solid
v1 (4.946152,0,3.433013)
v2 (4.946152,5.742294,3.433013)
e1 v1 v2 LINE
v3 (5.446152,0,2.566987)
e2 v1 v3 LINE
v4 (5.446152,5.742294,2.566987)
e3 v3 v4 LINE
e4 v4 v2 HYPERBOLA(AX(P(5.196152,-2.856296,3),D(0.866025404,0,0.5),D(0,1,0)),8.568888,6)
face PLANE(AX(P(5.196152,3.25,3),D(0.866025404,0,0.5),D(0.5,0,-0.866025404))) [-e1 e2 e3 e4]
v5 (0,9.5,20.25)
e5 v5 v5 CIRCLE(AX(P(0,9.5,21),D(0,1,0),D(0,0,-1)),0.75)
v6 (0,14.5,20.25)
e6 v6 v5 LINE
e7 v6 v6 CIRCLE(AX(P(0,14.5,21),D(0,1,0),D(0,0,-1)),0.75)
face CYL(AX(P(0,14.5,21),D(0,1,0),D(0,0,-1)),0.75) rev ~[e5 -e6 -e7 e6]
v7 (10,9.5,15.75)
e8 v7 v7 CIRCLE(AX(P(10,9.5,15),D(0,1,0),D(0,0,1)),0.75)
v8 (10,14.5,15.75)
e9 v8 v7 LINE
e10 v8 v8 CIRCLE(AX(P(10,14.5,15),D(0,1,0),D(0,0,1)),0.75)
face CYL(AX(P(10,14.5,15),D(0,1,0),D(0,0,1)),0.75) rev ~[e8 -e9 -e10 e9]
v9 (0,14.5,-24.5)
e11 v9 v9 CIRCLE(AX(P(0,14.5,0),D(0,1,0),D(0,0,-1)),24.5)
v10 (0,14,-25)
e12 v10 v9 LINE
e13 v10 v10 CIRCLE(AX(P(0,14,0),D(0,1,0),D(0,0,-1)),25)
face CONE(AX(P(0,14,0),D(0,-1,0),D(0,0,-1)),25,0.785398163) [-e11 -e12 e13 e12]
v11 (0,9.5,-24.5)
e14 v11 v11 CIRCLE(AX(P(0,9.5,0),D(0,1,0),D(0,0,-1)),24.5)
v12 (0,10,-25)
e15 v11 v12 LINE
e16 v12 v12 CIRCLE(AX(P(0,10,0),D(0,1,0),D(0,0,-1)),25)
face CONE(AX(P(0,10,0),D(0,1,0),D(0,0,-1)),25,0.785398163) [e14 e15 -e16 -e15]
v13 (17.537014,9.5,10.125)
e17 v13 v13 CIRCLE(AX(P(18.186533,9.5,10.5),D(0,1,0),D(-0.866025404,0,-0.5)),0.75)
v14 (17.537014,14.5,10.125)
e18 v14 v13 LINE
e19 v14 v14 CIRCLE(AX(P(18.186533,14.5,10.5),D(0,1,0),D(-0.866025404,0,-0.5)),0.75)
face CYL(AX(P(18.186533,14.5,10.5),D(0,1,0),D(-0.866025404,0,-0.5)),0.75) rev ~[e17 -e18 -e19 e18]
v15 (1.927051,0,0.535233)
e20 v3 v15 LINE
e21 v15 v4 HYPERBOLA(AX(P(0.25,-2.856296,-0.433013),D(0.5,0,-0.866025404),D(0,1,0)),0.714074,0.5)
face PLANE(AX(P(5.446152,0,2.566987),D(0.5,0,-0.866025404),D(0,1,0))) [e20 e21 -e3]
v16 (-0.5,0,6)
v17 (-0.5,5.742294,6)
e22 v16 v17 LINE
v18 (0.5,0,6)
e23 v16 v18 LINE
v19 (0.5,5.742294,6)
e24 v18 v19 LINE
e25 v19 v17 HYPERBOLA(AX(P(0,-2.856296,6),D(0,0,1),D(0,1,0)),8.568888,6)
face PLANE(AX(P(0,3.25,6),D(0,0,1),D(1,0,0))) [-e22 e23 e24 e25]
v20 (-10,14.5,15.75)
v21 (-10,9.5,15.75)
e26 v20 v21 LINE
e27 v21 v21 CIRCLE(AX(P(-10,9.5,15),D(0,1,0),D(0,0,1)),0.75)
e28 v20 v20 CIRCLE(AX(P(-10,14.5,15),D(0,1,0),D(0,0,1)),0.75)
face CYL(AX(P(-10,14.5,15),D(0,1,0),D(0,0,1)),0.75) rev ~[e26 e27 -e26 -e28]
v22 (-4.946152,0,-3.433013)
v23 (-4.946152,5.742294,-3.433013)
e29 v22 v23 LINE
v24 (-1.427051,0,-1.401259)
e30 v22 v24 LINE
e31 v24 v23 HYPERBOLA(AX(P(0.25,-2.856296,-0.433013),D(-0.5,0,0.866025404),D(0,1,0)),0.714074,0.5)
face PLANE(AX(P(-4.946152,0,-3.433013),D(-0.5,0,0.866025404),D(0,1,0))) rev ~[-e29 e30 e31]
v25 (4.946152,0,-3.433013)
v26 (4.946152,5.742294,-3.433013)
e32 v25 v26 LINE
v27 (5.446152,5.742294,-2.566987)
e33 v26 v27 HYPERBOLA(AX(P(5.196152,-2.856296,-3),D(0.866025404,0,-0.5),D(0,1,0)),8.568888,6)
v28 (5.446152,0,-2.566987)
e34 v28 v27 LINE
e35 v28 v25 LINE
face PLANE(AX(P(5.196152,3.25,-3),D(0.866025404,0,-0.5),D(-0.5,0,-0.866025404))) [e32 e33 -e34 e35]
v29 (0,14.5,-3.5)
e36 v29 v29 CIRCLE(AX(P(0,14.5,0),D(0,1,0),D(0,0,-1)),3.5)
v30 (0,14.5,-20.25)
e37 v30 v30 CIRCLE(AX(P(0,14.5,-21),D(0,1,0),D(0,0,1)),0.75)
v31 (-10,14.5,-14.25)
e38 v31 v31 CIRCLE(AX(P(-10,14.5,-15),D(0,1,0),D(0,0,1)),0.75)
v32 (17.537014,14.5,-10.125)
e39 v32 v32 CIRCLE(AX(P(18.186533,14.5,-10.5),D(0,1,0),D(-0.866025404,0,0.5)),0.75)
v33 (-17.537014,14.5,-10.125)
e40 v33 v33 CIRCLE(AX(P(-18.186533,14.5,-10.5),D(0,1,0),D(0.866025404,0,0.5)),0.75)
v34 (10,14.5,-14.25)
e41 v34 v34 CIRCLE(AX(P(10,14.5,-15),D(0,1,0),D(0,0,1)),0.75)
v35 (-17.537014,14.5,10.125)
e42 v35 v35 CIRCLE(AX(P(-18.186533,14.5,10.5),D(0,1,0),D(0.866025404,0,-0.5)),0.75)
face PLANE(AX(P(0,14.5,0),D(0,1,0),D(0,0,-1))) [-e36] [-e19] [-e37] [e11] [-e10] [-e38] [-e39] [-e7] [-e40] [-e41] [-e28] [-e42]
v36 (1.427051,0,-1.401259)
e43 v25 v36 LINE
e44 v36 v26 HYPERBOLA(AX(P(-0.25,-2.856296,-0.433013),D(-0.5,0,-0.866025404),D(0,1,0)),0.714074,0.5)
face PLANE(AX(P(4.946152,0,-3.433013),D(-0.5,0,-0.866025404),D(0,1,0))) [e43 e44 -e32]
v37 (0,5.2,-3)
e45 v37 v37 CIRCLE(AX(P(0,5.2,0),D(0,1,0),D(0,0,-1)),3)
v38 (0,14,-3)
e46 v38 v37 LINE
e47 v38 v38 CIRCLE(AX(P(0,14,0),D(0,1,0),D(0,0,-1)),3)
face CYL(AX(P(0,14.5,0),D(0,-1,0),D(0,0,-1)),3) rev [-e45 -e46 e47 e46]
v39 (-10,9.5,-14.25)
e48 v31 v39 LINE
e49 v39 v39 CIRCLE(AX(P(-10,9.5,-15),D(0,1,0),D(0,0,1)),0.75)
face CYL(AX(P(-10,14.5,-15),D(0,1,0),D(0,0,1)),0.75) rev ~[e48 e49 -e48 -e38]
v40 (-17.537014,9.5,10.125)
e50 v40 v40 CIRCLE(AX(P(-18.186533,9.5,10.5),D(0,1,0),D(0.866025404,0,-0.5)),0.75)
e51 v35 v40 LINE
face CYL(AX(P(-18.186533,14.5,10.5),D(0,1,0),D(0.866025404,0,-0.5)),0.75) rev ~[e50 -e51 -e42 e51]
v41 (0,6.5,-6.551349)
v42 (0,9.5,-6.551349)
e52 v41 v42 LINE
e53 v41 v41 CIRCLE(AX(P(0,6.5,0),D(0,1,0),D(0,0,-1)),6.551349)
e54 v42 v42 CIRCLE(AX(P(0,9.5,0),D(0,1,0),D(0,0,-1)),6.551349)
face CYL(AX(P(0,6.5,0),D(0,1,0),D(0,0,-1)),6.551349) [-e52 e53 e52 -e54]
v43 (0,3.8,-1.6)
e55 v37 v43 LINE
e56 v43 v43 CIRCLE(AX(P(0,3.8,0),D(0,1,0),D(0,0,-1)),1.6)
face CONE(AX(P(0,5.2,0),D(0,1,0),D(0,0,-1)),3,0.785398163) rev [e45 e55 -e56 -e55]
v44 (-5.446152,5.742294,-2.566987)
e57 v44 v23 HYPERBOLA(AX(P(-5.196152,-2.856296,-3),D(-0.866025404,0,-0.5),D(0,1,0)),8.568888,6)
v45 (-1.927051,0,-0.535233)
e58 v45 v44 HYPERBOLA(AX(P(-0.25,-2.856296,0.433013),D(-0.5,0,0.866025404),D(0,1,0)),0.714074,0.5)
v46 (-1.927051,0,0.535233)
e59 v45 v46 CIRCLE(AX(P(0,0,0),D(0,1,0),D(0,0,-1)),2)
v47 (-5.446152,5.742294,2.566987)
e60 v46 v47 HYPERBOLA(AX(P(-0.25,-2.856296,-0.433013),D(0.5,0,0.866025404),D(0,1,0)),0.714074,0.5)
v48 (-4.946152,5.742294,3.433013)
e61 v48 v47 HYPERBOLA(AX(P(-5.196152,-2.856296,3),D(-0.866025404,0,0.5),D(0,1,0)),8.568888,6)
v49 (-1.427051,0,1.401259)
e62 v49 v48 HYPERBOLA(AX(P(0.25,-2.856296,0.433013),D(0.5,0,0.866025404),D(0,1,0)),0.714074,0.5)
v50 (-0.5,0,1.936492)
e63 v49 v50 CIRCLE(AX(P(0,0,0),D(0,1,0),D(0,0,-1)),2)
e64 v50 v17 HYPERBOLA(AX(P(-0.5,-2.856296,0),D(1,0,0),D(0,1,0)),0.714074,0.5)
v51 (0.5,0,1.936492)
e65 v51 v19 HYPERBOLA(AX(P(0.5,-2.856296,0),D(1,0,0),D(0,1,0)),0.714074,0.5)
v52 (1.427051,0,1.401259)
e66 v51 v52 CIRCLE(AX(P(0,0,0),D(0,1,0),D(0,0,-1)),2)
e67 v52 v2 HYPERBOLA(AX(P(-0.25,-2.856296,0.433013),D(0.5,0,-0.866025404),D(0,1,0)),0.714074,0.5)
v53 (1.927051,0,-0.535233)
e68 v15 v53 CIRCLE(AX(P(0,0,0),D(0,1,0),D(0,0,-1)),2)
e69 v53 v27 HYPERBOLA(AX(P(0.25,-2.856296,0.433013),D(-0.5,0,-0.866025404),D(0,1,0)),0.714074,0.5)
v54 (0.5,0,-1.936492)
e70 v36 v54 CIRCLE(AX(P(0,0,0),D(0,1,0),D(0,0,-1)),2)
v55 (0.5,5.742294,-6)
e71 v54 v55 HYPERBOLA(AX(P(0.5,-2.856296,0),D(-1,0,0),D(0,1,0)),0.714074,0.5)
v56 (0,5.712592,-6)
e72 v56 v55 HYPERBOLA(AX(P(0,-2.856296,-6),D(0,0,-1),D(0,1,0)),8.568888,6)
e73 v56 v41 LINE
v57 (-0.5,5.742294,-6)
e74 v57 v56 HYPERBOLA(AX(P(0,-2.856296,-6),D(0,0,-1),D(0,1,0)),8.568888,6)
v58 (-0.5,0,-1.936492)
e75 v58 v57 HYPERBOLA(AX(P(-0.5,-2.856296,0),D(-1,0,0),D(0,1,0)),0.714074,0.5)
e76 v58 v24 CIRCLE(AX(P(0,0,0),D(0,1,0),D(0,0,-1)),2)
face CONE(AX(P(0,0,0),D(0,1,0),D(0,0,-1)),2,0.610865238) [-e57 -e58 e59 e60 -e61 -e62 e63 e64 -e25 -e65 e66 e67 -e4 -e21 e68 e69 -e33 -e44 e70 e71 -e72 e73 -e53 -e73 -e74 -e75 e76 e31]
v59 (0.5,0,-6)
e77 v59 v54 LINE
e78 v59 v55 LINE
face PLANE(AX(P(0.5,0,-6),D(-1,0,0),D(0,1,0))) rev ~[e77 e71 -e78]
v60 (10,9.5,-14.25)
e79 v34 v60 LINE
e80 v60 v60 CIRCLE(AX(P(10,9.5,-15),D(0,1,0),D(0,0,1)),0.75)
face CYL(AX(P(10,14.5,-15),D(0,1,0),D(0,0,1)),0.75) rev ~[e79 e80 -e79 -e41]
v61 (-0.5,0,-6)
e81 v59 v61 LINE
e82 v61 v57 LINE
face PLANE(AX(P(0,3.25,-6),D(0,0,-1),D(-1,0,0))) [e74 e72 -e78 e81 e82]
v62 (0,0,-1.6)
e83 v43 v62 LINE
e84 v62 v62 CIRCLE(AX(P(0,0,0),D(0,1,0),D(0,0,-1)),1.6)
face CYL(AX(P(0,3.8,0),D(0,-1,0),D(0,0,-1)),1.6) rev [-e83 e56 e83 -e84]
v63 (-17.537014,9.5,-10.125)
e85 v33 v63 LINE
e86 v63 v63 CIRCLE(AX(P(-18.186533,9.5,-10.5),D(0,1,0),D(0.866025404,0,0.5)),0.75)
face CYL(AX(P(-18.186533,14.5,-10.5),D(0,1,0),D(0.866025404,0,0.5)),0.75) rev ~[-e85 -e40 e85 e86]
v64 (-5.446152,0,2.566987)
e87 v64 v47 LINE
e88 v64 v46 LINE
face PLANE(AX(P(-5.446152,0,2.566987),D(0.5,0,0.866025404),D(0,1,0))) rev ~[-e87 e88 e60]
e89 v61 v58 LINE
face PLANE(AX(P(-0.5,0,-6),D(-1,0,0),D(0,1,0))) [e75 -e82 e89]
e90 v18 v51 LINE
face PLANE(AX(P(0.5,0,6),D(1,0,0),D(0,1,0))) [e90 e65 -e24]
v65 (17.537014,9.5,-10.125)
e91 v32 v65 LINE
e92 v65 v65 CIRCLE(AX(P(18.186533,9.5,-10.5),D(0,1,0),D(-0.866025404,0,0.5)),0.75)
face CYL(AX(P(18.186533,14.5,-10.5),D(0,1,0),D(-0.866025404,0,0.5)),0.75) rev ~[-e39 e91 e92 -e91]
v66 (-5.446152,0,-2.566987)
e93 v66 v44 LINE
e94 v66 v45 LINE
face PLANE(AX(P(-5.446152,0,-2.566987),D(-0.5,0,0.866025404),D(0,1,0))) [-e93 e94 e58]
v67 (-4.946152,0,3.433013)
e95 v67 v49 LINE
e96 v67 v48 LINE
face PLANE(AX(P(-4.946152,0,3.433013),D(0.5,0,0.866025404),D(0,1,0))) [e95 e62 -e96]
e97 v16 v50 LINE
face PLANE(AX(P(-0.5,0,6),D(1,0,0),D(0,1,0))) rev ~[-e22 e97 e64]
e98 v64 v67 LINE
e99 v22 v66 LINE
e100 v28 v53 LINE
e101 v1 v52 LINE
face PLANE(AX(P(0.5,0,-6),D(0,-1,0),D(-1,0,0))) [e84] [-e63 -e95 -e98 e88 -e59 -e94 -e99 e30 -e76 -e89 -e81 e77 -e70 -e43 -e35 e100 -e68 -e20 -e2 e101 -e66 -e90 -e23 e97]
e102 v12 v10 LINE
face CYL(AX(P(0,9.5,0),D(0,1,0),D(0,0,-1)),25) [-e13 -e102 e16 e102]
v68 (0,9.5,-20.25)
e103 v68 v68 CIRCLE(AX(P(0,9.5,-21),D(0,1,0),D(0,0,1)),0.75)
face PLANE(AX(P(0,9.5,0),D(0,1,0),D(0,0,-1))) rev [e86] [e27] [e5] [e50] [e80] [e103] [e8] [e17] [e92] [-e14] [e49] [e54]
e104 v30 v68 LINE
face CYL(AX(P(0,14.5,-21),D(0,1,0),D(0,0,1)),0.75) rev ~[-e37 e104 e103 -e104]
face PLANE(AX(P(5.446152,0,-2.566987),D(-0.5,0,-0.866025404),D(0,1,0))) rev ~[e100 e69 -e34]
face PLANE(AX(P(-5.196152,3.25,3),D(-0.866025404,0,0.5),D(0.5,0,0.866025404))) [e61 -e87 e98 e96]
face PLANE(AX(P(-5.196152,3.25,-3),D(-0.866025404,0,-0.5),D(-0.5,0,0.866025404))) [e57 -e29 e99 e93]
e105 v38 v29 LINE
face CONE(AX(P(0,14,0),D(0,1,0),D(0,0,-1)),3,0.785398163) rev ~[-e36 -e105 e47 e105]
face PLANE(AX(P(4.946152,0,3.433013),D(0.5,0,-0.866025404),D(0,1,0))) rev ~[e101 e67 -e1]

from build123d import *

# Parameters (mm, degrees)
BOSS_EXTRUDE2_REACH = 44.382
SKETCH3_W           = 1
SKETCH3_H           = 6.5
CIRPATTERN1_COUNT   = 6
SKETCH5_R           = 0.75
CUT_EXTRUDE1_DEPTH  = 39.213217609
CIRPATTERN2_COUNT   = 6
SKETCH6_R           = 0.75
CUT_EXTRUDE2_DEPTH  = 39.213217609
CHAMFER1_SIZE       = 0.5


with BuildPart() as part:
    # Sketch1 → Revolve1 (revolve)
    with BuildSketch(Plane.XY, mode=Mode.PRIVATE) as revolve1_sk:
        Polygon((1.6, 0), (2, 0), (6.551348998, 6.5), (6.551348998, 9.5), (25, 9.5), (25, 14.5), (3, 14.5), (3, 5.2), (1.6, 3.8), align=None)
    revolve(revolve1_sk.sketch.rotate(Axis((0, 0, 0), (0, 1, 0)), 90), axis=Axis((0, 0, 0), (0, 1, 0)))

    # Sketch3 → Boss-Extrude2 (add, up to next)
    with BuildSketch(Plane.XY.offset(6), mode=Mode.PRIVATE) as boss_extrude2_sk1:
        with Locations((0, 3.25)):
            Rectangle(SKETCH3_W, SKETCH3_H)
    boss_extrude2_tool1 = extrude(boss_extrude2_sk1.sketch, amount=-BOSS_EXTRUDE2_REACH, mode=Mode.PRIVATE) - part.part
    boss_extrude2 = boss_extrude2_tool1.solids().sort_by_distance((0, 3.25, 6))[0]
    add(boss_extrude2)

    # CirPattern1: Boss-Extrude2 ×6 about axis
    cirpattern1_axis = Axis((0, 0, 0), (0, 1, 0))
    for i in range(1, CIRPATTERN1_COUNT):
        add(boss_extrude2.rotate(cirpattern1_axis, i * 360 / CIRPATTERN1_COUNT))

    # Sketch5 → Cut-Extrude1 (cut, through all)
    with BuildSketch(Plane(origin=(0, 14.5, 0), x_dir=(1, 0, 0), z_dir=(0, 1, 0))):
        with Locations(Location((0, 21, 0), (0, 0, 270))):
            Circle(SKETCH5_R)
    cut_extrude1 = extrude(amount=-CUT_EXTRUDE1_DEPTH, mode=Mode.SUBTRACT)

    # CirPattern2: Cut-Extrude1 ×6 about axis
    cirpattern2_axis = Axis((0, 0, 0), (0, 1, 0))
    for i in range(1, CIRPATTERN2_COUNT):
        add(cut_extrude1.rotate(cirpattern2_axis, i * 360 / CIRPATTERN2_COUNT), mode=Mode.SUBTRACT)

    # Sketch6 → Cut-Extrude2 (cut, through all)
    with BuildSketch(Plane(origin=(0, 14.5, 0), x_dir=(1, 0, 0), z_dir=(0, 1, 0))):
        with Locations(Location((-10, 15, 0), (0, 0, 270))):
            Circle(SKETCH6_R)
        with Locations(Location((10, 15, 0), (0, 0, 270))):
            Circle(SKETCH6_R)
        with Locations(Location((-10, -15, 0), (0, 0, 270))):
            Circle(SKETCH6_R)
        with Locations(Location((10, -15, 0), (0, 0, 270))):
            Circle(SKETCH6_R)
    extrude(amount=-CUT_EXTRUDE2_DEPTH, mode=Mode.SUBTRACT)

    # Chamfer1
    chamfer1_edges = [part.edges().sort_by_distance(p)[0] for p in [
        (0, 14.5, 3),
        (0, 14.5, 25),
        (0, 9.5, 25),
    ]]
    chamfer(chamfer1_edges, length=CHAMFER1_SIZE)


solid = part.part
